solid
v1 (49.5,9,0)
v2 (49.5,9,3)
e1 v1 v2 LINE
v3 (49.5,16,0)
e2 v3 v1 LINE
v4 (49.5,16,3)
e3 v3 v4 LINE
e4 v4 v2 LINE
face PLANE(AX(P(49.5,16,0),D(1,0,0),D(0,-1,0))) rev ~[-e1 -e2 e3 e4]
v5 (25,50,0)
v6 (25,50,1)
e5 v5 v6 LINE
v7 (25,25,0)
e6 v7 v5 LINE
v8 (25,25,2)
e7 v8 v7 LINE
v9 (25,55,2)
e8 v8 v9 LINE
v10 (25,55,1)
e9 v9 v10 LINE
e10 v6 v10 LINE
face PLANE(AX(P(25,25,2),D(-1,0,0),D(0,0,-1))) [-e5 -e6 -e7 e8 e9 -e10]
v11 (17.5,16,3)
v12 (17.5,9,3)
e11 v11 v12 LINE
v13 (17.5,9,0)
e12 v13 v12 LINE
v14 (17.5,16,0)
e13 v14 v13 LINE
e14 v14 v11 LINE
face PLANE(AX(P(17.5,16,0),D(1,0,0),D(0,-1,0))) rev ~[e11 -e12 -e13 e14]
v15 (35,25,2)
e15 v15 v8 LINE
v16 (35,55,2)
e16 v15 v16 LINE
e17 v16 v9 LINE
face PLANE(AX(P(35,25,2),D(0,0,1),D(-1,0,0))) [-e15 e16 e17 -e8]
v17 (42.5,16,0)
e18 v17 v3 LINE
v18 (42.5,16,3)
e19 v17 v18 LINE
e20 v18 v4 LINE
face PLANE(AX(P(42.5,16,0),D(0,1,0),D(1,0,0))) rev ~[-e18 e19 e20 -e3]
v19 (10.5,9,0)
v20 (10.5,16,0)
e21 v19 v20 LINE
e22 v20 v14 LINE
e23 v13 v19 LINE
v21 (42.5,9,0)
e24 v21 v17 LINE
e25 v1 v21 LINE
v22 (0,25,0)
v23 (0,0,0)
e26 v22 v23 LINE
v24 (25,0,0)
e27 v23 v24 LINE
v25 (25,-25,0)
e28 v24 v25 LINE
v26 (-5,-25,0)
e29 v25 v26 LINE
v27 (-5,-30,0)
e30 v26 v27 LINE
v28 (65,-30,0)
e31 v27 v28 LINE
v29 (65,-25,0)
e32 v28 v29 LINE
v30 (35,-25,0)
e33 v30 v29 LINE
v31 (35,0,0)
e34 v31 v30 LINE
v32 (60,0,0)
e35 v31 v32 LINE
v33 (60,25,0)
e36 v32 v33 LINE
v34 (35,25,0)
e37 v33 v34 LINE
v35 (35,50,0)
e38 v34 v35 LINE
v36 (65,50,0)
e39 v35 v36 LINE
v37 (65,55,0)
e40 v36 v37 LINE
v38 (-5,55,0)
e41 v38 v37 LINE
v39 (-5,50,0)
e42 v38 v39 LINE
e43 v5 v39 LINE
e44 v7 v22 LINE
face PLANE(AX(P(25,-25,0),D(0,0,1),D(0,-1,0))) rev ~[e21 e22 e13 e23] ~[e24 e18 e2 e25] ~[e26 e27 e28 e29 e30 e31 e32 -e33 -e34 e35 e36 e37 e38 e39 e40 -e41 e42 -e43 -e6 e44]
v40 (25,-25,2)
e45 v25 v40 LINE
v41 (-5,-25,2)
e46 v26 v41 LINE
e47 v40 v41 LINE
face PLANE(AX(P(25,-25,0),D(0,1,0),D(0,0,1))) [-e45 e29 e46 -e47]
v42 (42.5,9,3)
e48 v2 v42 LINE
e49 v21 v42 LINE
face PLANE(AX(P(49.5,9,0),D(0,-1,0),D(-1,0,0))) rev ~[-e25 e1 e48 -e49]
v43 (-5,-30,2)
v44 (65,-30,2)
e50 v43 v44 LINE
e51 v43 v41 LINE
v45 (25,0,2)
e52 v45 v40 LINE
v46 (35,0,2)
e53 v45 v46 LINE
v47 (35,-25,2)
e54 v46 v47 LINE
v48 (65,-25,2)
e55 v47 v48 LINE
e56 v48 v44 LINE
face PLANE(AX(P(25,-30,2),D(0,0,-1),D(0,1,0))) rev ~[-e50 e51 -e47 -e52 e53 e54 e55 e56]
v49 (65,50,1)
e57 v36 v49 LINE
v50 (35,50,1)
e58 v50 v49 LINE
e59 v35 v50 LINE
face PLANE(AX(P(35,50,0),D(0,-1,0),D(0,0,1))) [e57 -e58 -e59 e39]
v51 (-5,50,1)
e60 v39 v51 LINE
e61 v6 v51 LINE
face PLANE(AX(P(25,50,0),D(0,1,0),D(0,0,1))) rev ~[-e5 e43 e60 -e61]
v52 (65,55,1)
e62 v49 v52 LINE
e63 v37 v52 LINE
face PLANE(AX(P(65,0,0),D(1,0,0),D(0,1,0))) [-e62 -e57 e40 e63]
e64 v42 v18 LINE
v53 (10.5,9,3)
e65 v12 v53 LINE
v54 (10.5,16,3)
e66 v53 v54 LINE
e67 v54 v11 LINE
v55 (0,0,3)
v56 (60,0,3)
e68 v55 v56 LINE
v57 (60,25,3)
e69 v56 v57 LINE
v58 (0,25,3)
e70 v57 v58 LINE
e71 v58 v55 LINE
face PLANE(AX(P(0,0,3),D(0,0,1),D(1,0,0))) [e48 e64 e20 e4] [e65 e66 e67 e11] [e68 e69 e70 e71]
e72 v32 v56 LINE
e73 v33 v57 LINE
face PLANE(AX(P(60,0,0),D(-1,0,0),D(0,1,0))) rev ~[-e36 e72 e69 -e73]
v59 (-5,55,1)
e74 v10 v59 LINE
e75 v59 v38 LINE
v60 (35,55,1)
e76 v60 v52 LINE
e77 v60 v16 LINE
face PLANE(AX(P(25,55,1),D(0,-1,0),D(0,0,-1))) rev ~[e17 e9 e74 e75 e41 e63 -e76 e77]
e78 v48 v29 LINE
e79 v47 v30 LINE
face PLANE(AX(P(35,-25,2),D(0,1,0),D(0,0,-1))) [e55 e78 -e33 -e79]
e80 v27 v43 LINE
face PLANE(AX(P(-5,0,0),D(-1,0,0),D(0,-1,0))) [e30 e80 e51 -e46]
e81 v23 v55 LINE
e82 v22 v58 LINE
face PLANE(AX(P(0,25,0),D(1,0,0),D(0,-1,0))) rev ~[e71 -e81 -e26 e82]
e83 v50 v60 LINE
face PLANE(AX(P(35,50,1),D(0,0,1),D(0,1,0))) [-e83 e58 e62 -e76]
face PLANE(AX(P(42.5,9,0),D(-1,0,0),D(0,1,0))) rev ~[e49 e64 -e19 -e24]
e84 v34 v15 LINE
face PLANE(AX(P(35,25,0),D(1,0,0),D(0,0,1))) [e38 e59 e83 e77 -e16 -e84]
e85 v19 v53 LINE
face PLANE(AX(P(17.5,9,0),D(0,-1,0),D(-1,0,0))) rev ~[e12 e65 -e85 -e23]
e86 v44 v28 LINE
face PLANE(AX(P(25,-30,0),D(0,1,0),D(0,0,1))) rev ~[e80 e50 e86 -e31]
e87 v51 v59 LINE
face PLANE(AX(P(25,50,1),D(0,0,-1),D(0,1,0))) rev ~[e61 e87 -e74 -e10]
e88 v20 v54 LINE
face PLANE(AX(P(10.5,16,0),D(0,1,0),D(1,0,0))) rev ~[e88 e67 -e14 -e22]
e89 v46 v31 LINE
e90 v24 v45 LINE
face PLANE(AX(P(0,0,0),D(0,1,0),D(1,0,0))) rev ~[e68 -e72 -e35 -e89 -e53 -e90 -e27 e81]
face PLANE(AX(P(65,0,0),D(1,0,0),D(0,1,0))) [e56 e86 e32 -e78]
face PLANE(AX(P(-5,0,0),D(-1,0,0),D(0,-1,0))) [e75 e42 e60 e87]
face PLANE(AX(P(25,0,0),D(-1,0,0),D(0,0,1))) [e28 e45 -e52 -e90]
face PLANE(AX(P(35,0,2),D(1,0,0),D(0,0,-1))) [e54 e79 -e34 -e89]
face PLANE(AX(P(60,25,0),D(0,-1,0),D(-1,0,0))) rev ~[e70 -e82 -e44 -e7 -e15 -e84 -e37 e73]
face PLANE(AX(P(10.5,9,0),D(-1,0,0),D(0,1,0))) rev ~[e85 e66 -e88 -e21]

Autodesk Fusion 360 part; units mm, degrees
sketch "Sketch1" plane through (0, 0, 0) normal (0, 0, 1) x (1, 0, 0)
  line L0 (0, 0) -> (60, 0)
  line L1 (60, 0) -> (60, 25)
  line L2 (60, 25) -> (0, 25)
  line L3 (0, 25) -> (0, 0)
  line L4 (5, 20) -> (55, 20)
  line L5 (55, 20) -> (55, 5)
  line L6 (55, 5) -> (5, 5)
  line L7 (5, 5) -> (5, 20)
  line L8 (10.5, 16) -> (17.5, 16)
  line L9 (17.5, 16) -> (17.5, 9)
  line L10 (17.5, 9) -> (10.5, 9)
  line L11 (10.5, 9) -> (10.5, 16)
  line L12 (42.5, 16) -> (49.5, 16)
  line L13 (49.5, 16) -> (49.5, 9)
  line L14 (49.5, 9) -> (42.5, 9)
  line L15 (42.5, 9) -> (42.5, 16)
  dimension "d1" = 60
  dimension "d2" = 25
  dimension "d3" = 50
  dimension "d4" = 15
  dimension "d5" = 5
  dimension "d7" = 5
  dimension "d8" = 7
  dimension "d9" = 7
  dimension "d10" = 4
  dimension "d12" = 7
  dimension "d13" = 7
  dimension "d15" = 4
  dimension "d16" = 5.5
  dimension "d17" = 5.5
  dimension "d18" = 25
sketch "Sketch2" plane through (0, 0, 0) normal (0, 0, 1) x (1, 0, 0)
extrude "Extrude1" add sketch "Sketch1" along normal blind 3 contours L0 L1 L2 L3 | L4 L5 L6 L7
sketch "Sketch3" plane through (0, 0, 0) normal (0, -1, 0) x (1, 0, 0)
  line L0 (0, 0) -> (60, 0)
  line L1 (60, 0) -> (60, 3)
  line L2 (60, 3) -> (0, 3)
  line L3 (0, 3) -> (0, 0)
  line L4 (25, 2) -> (35, 2)
  line L5 (35, 2) -> (35, 0)
  line L6 (35, 0) -> (25, 0)
  line L7 (25, 0) -> (25, 2)
  dimension "d21" = 10
extrude "Extrude2" add sketch "Sketch3" along normal blind 30 contours L0 L4 L5 L6 L7
sketch "Sketch4" plane through (0, 25, 0) normal (0, 1, 0) x (-1, 0, 0)
  line L0 (-60, 0) -> (0, 0)
  line L1 (0, 0) -> (0, 3)
  line L2 (0, 3) -> (-60, 3)
  line L3 (-60, 3) -> (-60, 0)
  line L4 (-35, 2) -> (-25, 2)
  line L5 (-25, 2) -> (-25, 0)
  line L6 (-25, 0) -> (-35, 0)
  line L7 (-35, 0) -> (-35, 2)
extrude "Extrude3" add sketch "Sketch4" along normal blind 30 contours L0 L4 L5 L6 L7
sketch "Sketch5" plane through (35, 0, 0) normal (1, 0, 0) x (0, 1, 0)
  line L0 (25, 2) -> (25, 0)
  line L1 (25, 0) -> (55, 0)
  line L2 (55, 0) -> (55, 2)
  line L3 (55, 2) -> (25, 2)
  line L4 (50, 1) -> (55, 1)
  line L5 (55, 1) -> (55, 0)
  line L6 (55, 0) -> (50, 0)
  line L7 (50, 0) -> (50, 1)
extrude "Extrude4" add sketch "Sketch5" along normal blind 30 contours L1 L2 L4 L5 L6 L7
sketch "Sketch6" plane through (25, 0, 0) normal (-1, 0, 0) x (0, -1, 0)
  line L0 (-25, 0) -> (-25, 2)
  line L1 (-25, 2) -> (-55, 2)
  line L2 (-55, 2) -> (-55, 0)
  line L3 (-55, 0) -> (-25, 0)
  line L4 (-50, 1) -> (-55, 1)
  line L5 (-55, 1) -> (-55, 0)
  line L6 (-55, 0) -> (-50, 0)
  line L7 (-50, 0) -> (-50, 1)
extrude "Extrude5" add sketch "Sketch6" along normal blind 30 contours L2 L3 L4 L5 L6 L7
sketch "Sketch7" plane through (35, 0, 0) normal (1, 0, 0) x (0, 1, 0)
  line L0 (0, 0) -> (0, 2)
  line L1 (0, 2) -> (-30, 2)
  line L2 (-30, 2) -> (-30, 0)
  line L3 (-30, 0) -> (0, 0)
  line L4 (-30, 2) -> (-25, 2)
  line L5 (-25, 2) -> (-25, 0)
  line L6 (-25, 0) -> (-30, 0)
  line L7 (-30, 0) -> (-30, 2)
extrude "Extrude6" add sketch "Sketch7" along normal blind 30 contours L1 L2 L3 L4 L5 L6 L7
sketch "Sketch8" plane through (25, 0, 0) normal (-1, 0, 0) x (0, -1, 0)
  line L0 (0, 2) -> (0, 0)
  line L1 (0, 0) -> (30, 0)
  line L2 (30, 0) -> (30, 2)
  line L3 (30, 2) -> (0, 2)
  line L4 (25, 2) -> (30, 2)
  line L5 (30, 2) -> (30, 0)
  line L6 (30, 0) -> (25, 0)
  line L7 (25, 0) -> (25, 2)
extrude "Extrude7" add sketch "Sketch8" along normal blind 30 contours L1 L2 L3 L4 L5 L6 L7
